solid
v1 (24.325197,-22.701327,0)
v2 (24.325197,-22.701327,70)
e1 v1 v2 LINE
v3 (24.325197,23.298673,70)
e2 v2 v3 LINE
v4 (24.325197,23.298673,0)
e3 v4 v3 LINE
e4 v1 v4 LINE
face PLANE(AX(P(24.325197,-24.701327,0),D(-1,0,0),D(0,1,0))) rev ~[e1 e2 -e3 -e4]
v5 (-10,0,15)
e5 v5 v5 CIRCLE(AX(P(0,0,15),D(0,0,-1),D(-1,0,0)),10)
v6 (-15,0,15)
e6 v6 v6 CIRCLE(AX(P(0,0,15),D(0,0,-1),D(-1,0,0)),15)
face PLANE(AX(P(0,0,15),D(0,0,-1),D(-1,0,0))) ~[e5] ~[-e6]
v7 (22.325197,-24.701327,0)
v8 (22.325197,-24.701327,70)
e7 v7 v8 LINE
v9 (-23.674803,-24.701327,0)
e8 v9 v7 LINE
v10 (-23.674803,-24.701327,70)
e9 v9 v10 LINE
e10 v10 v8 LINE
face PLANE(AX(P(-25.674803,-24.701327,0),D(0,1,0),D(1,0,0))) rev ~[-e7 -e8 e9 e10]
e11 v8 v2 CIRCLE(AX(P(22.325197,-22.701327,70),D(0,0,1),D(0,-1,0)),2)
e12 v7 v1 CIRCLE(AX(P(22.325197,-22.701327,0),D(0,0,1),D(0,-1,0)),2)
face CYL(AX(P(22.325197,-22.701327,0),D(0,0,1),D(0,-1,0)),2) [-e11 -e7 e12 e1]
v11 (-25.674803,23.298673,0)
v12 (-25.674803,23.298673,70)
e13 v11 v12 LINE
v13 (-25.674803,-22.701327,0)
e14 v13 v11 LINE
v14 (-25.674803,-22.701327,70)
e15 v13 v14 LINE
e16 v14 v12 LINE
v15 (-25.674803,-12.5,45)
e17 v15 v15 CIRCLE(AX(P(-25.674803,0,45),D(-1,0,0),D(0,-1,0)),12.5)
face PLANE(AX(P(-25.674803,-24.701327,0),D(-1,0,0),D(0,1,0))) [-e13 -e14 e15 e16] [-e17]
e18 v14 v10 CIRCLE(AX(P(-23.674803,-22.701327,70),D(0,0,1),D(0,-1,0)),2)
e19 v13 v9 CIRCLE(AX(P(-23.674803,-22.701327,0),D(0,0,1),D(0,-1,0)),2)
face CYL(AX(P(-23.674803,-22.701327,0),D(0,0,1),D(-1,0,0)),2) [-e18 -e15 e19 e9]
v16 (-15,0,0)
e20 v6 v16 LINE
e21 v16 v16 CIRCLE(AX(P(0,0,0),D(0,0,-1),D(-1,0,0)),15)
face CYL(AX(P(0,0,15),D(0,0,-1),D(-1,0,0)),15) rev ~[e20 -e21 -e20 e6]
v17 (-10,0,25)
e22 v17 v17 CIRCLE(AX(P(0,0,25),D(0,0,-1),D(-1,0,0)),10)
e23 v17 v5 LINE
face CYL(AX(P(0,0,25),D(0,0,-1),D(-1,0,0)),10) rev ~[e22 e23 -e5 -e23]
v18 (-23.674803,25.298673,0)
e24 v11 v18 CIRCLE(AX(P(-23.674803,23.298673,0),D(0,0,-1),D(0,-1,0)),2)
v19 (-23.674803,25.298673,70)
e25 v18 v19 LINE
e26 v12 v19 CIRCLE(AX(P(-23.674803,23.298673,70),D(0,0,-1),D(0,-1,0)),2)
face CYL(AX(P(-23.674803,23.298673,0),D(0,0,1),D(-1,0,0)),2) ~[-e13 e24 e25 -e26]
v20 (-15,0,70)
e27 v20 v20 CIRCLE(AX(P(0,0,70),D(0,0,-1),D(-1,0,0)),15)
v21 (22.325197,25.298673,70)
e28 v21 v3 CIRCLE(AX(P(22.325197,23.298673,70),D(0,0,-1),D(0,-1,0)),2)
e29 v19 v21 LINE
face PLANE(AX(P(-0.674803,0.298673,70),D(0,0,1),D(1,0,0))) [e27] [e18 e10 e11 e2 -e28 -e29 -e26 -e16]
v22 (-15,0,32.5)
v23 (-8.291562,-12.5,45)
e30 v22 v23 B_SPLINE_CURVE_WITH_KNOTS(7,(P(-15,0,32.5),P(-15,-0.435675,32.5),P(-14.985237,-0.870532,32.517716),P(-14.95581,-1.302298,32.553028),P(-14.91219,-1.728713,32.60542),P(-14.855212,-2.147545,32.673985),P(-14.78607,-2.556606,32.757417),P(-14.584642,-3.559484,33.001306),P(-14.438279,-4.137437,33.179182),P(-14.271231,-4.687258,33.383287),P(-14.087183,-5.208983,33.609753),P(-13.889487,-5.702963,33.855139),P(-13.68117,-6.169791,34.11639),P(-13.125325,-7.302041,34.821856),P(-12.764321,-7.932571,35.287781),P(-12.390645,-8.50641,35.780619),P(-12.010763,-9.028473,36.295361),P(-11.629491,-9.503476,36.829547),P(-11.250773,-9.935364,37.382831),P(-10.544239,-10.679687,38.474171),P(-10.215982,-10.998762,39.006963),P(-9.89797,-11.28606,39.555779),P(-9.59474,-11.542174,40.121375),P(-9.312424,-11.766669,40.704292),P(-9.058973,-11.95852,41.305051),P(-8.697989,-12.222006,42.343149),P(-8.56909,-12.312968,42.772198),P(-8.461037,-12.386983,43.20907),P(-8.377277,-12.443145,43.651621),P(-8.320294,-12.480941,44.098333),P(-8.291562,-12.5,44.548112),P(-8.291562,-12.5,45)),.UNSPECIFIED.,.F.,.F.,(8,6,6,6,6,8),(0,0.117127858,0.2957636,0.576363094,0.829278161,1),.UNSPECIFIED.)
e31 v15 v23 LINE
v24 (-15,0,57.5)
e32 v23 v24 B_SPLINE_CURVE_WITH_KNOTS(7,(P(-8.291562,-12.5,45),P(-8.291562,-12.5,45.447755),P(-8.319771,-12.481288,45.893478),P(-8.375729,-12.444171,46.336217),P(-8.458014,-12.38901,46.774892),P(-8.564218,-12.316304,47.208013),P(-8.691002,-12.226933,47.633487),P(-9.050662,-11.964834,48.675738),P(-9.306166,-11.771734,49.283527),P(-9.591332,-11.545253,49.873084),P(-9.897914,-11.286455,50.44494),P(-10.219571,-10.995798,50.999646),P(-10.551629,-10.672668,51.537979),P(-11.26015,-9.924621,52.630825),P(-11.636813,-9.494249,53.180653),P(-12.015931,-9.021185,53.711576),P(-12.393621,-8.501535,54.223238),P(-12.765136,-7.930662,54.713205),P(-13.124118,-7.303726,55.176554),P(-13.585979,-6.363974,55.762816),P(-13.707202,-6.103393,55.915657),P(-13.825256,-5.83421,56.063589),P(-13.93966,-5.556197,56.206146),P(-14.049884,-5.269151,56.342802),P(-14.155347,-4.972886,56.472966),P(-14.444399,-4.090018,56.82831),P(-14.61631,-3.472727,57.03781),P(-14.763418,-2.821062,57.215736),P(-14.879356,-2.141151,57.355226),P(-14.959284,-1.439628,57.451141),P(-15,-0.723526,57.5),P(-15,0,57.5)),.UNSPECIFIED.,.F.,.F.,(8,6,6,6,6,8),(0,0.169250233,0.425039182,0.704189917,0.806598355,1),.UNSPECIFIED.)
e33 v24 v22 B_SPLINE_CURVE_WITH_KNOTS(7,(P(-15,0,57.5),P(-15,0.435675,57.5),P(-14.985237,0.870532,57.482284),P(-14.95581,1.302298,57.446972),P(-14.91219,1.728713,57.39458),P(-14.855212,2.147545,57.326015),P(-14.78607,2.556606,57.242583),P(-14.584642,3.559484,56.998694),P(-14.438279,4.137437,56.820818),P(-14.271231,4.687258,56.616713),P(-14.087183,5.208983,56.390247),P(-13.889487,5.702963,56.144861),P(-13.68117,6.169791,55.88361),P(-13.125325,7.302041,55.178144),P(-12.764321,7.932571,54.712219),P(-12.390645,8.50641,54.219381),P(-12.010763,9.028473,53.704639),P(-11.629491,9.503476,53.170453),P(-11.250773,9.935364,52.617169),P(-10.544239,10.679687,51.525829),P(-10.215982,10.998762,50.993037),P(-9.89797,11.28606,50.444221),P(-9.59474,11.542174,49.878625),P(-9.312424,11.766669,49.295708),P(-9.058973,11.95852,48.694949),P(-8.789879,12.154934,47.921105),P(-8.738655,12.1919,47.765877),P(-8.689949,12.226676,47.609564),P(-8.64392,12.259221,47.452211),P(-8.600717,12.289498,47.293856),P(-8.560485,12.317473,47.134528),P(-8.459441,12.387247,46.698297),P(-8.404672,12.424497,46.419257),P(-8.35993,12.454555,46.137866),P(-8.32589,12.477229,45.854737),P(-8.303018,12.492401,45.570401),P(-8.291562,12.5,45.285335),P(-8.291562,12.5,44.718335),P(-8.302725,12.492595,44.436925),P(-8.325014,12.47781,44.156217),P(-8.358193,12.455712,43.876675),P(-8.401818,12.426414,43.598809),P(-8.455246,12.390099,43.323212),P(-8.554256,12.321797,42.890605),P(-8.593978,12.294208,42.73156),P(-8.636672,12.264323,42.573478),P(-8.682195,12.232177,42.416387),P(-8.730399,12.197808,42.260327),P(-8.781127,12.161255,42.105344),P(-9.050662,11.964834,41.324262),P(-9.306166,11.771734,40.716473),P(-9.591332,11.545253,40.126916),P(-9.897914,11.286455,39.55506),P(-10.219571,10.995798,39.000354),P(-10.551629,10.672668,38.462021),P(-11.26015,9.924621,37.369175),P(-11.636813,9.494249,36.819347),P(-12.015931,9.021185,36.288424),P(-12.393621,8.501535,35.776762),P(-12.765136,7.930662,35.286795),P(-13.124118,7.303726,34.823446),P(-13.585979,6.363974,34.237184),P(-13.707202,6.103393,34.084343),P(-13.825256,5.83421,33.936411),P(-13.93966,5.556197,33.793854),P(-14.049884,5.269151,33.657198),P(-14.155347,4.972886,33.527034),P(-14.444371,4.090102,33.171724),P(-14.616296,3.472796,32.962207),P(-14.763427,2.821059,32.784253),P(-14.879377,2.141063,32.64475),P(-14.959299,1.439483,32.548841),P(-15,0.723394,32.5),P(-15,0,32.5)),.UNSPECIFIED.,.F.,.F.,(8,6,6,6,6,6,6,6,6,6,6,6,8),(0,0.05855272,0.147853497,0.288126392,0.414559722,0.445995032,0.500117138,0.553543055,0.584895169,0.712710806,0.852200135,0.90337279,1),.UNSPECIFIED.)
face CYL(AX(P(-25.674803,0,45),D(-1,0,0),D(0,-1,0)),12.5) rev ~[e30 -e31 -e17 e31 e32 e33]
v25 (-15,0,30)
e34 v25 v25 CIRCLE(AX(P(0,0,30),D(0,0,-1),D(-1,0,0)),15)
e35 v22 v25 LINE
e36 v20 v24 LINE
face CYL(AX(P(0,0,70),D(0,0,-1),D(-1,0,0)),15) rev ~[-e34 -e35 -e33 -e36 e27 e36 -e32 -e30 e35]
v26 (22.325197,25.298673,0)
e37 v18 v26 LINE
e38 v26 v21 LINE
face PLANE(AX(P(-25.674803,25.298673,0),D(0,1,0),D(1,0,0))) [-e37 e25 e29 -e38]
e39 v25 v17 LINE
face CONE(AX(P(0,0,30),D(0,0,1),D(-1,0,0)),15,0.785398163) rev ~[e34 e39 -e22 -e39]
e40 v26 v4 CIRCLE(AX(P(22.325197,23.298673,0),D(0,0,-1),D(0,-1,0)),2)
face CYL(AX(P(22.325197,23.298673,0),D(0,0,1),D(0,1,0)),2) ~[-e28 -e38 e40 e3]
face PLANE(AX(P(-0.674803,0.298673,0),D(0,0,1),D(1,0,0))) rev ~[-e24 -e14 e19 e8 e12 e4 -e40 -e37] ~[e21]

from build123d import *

# Parameters (mm, degrees)
F0_W     = 50
F0_H     = 50
F1_DEPTH = 70
F4_R     = 12.5
F5_DEPTH = 25
F6_R     = 2


with BuildPart() as f1:
    # F0 (on Top) → F1 (new body)
    with BuildSketch(Plane.XY):
        with Locations((-0.674803, 0.298673)):
            Rectangle(F0_W, F0_H)
    extrude(amount=F1_DEPTH)

    # F2 (on Front) → F3 (revolve, cut)
    with BuildSketch(Plane.XZ):
        Polygon((0, 70), (-15, 70), (-15, 30), (-10, 25), (-10, 15), (-15, 15), (-15, 0), (0, 0), align=None)
    revolve(axis=Axis((0, 0, 41.096286), (0, 0, -1)), mode=Mode.SUBTRACT)

    # F4 (on face) → F5 (cut)
    with BuildSketch(Plane(origin=(-25.674803, 0, 0), x_dir=(0, -1, 0), z_dir=(-1, 0, 0))):
        with Locations((0, 45)):
            Circle(F4_R)
    extrude(amount=-F5_DEPTH, mode=Mode.SUBTRACT)

    # F6
    f6_edges = [f1.edges().sort_by_distance(p)[0] for p in [
        (-25.674803, 25.298673, 35),
        (24.325197, 25.298673, 35),
        (24.325197, -24.701327, 35),
        (-25.674803, -24.701327, 35),
    ]]
    fillet(f6_edges, radius=F6_R)


solid = f1.part
